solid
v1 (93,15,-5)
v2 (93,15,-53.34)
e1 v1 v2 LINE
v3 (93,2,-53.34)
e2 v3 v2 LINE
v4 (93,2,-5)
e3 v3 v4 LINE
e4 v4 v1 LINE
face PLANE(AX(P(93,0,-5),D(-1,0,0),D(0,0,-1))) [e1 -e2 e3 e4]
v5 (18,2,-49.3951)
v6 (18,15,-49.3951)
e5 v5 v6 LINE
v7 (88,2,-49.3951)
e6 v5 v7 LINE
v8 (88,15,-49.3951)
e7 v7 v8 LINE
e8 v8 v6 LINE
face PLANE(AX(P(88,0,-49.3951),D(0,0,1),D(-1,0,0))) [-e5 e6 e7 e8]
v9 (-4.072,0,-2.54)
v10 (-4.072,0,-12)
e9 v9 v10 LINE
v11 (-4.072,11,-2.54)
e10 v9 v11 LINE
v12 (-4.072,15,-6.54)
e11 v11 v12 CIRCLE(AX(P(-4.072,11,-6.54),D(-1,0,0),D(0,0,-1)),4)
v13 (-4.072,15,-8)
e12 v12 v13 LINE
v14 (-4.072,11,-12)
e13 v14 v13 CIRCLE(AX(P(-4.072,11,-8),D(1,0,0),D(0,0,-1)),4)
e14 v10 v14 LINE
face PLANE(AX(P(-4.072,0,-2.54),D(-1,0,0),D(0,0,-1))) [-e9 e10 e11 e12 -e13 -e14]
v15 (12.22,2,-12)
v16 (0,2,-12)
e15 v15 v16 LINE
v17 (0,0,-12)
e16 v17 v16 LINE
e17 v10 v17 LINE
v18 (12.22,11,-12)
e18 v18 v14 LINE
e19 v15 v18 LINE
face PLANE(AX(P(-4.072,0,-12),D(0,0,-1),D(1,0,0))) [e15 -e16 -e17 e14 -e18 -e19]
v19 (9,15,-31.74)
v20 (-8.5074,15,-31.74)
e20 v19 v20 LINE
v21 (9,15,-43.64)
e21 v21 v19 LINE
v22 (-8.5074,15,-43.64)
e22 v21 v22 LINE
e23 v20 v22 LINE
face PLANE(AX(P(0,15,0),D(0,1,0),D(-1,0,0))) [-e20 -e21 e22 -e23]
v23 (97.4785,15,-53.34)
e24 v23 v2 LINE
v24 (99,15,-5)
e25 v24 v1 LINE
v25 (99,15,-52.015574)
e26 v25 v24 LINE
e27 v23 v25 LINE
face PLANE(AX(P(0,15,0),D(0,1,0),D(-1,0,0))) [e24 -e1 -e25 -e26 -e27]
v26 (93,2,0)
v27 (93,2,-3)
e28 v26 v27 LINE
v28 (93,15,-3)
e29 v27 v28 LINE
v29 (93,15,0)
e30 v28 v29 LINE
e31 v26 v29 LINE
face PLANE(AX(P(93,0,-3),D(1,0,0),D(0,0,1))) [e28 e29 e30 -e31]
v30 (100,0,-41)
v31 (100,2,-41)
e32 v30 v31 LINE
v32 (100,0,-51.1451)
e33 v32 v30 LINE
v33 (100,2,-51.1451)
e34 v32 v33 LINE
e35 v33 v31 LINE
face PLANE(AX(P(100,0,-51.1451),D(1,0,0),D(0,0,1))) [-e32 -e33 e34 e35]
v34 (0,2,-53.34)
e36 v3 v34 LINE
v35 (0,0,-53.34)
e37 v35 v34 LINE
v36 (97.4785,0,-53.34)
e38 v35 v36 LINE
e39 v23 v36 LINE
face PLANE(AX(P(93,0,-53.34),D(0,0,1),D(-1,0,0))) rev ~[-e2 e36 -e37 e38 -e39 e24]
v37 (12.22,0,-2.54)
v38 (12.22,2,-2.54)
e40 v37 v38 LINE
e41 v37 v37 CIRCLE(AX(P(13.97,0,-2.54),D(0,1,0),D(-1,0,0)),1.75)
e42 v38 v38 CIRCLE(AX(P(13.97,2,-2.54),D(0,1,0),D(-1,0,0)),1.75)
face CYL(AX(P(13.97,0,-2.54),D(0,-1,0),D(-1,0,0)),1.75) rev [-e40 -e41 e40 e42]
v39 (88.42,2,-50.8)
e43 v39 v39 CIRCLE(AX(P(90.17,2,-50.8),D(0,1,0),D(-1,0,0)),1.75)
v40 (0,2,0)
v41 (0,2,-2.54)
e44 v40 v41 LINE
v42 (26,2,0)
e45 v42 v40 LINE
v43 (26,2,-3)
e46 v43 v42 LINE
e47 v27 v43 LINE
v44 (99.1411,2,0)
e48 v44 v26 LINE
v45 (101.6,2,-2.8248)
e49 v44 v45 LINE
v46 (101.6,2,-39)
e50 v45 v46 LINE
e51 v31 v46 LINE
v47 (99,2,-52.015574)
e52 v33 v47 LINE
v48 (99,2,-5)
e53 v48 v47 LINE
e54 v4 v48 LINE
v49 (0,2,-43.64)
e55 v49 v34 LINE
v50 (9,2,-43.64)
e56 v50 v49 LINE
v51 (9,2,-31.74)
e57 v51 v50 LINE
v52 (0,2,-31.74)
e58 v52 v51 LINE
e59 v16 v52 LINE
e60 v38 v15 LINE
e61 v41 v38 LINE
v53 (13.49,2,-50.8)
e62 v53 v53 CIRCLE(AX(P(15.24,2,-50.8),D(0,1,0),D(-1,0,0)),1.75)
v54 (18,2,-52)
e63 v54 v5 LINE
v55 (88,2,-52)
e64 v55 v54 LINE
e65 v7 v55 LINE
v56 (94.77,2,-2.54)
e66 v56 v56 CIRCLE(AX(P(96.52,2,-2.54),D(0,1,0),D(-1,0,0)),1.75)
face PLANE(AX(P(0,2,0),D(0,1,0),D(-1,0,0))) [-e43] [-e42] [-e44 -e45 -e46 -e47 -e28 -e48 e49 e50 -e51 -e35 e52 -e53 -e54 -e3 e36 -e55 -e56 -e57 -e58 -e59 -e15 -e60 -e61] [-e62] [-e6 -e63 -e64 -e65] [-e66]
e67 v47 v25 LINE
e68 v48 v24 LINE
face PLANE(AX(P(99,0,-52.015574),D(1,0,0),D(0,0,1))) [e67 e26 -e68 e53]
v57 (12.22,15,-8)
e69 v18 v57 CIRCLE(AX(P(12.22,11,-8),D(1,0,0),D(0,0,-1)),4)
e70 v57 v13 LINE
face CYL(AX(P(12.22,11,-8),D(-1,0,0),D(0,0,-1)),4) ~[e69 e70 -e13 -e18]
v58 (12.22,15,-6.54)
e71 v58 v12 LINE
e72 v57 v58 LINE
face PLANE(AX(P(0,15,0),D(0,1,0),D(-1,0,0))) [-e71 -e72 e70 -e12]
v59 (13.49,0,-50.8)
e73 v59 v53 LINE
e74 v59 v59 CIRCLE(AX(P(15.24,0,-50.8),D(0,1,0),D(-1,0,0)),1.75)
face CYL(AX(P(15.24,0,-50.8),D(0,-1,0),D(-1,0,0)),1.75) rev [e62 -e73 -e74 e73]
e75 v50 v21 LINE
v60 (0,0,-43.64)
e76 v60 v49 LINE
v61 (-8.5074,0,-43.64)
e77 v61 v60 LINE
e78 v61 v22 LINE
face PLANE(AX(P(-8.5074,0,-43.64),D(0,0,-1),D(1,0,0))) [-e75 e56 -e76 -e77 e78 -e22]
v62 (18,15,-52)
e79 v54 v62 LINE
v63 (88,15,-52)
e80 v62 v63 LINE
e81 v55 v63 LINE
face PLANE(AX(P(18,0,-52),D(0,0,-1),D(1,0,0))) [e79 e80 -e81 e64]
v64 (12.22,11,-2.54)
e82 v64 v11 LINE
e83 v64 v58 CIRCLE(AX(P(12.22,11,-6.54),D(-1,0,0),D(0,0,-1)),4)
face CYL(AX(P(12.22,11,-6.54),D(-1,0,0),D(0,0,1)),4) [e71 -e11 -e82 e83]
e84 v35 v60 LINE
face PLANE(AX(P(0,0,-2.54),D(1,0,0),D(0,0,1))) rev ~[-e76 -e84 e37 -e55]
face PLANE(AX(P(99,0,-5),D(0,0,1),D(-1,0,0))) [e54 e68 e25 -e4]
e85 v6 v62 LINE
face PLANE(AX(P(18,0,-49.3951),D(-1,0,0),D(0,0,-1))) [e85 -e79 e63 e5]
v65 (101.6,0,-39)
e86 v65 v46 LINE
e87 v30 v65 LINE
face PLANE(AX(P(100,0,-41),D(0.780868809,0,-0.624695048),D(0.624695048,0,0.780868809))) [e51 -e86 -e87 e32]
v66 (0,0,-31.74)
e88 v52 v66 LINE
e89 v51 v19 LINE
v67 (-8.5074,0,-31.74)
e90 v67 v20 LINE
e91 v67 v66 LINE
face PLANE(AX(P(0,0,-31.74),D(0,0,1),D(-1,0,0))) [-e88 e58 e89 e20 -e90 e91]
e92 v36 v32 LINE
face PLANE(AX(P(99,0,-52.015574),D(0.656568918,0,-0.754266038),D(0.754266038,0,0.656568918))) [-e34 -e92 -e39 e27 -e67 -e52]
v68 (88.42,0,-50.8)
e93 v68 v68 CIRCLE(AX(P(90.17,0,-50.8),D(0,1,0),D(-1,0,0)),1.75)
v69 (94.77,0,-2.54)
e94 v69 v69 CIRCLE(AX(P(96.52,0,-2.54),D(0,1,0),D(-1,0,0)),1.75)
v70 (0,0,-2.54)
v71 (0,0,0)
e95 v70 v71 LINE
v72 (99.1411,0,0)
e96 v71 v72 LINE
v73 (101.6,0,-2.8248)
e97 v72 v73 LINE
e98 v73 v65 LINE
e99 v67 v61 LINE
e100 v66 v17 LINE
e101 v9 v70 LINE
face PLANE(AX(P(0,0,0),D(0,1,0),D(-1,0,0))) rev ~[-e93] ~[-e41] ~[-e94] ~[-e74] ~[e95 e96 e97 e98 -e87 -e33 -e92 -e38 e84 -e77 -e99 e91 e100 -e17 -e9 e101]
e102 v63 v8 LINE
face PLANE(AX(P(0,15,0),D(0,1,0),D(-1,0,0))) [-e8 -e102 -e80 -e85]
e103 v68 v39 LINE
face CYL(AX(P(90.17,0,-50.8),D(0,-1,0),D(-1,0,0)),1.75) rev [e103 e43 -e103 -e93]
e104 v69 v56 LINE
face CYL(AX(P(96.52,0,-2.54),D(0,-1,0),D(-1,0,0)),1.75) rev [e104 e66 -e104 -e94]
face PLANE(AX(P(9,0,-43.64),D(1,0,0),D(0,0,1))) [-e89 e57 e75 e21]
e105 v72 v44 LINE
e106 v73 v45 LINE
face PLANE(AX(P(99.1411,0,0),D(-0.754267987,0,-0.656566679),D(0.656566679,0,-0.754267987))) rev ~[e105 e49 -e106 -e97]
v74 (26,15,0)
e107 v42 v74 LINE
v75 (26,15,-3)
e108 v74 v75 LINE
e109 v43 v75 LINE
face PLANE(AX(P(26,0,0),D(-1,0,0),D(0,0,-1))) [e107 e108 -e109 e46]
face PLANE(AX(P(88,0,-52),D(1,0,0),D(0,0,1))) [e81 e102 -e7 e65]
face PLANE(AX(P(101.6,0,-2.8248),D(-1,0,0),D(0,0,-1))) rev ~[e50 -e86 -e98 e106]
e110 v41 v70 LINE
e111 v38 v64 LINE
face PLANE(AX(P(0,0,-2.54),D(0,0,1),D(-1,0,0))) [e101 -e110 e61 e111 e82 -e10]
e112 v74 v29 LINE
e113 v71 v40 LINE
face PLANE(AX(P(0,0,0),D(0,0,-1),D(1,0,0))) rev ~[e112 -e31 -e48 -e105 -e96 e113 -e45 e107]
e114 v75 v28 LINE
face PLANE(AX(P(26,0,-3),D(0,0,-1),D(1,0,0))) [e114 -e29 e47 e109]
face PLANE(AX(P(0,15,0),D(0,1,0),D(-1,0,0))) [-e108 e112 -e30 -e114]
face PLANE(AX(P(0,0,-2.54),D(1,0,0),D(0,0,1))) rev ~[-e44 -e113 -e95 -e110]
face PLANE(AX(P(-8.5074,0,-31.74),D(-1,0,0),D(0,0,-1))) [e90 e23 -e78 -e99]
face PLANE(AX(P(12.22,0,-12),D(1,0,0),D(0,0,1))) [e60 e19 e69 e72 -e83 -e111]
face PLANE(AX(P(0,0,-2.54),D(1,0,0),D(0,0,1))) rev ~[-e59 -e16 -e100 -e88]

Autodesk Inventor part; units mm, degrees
ref_plane "YZ Plane" through (0, 0, 0) normal (1, 0, 0) x (0, 1, 0)
ref_plane "XZ Plane" through (0, 0, 0) normal (0, 1, 0) x (-1, 0, 0)
ref_plane "XY Plane" through (0, 0, 0) normal (0, 0, 1) x (1, 0, 0)
sketch "Sketch1" plane through (0, 0, 0) normal (0, 1, 0) x (-1, 0, 0)
  line L0 (8.5074, -53.6851) -> (-102.7512, -53.6851) construction
  line L1 (-102.7512, -53.6851) -> (-102.7512, 0.3149) construction
  line L2 (-102.7512, 0.3149) -> (8.5074, 0.3149) construction
  line L3 (8.5074, 0.3149) -> (8.5074, -53.6851) construction
  line L4 (0, 0) -> (-101.6, 0)
  line L5 (-101.6, 0) -> (-101.6, -53.34)
  line L6 (-101.6, -53.34) -> (0, -53.34)
  line L7 (0, -53.34) -> (0, 0)
  circle A0 centre (-15.24, -50.8) radius 1.75
  circle A1 centre (-13.97, -2.54) radius 1.75
  circle A2 centre (-90.17, -50.8) radius 1.75
  circle A3 centre (-96.52, -2.54) radius 1.75
  line L8 (8.5074, -43.64) -> (-9, -43.64)
  line L9 (-9, -43.64) -> (-9, -31.74)
  line L10 (-9, -31.74) -> (8.5074, -31.74)
  line L11 (8.5074, -31.74) -> (8.5074, -43.64)
  line L12 (4.072, -12) -> (-12.22, -12)
  line L13 (-12.22, -12) -> (-12.22, -2.54)
  line L14 (-12.22, -2.54) -> (4.072, -2.54)
  line L15 (4.072, -2.54) -> (4.072, -12)
  line L16 (-26, -3) -> (-93, -3)
  line L17 (-93, -3) -> (-93, 0)
  line L18 (-93, 0) -> (-26, 0)
  line L19 (-26, 0) -> (-26, -3)
  line L20 (-93, -53.34) -> (-99, -53.34)
  line L21 (-99, -53.34) -> (-99, -5)
  line L22 (-99, -5) -> (-93, -5)
  line L23 (-93, -5) -> (-93, -53.34)
  line L24 (-18, -52) -> (-88, -52)
  line L25 (-88, -52) -> (-88, -49.3951)
  line L26 (-88, -49.3951) -> (-18, -49.3951)
  line L27 (-18, -49.3951) -> (-18, -52)
  line L28 (-97.4785, -53.34) -> (-100, -51.1451)
  line L29 (-100, -51.1451) -> (-100, -41)
  line L30 (-100, -41) -> (-101.6, -39)
  line L31 (-99.1411, 0) -> (-101.6, -2.8248)
  point P0 (-99, -52.0156)
  point P1 (-26, 0)
  dimension "d37" = 3.5
  dimension "d3" = 101.6
  dimension "d6" = 53.34
  dimension "d27" = 54
  dimension "d32" = 3.5
  dimension "d35" = 15.24
  dimension "d38" = 2.54
  dimension "d40" = 13.97
  dimension "d41" = 3.5
  dimension "d42" = 3.5
  dimension "d43" = 90.17
  dimension "d45" = 2.54
  dimension "d46" = 2.54
  dimension "d48" = 96.52
  dimension "d69" = 8.5074
  dimension "d70" = 9.7
  dimension "d71" = 11.9
  dimension "d73" = 2.54
extrude "Extrusion1" add sketch "Sketch1" along normal blind 2 contours L7 L14 L13 L12 L10 L9 L8 L6 L23 L22 L21 L28 L29 L30 L5 L31 L4 L17 L16 L19 | L19 L16 L17 L4 | L7 L12 L13 L14 | L7 L8 L9 L10 | L6 L28 L21 L22 L23 | L24 L25 L26 L27
sketch "Sketch2" plane through (0, 2, 0) normal (0, 1, 0) x (1, 0, 0)
  line L0 (-8.4913, 53.8189) -> (102.7673, 53.8189) construction
  line L1 (102.7673, 53.8189) -> (102.7673, -0.1811) construction
  line L2 (102.7673, -0.1811) -> (-8.4913, -0.1811) construction
  line L3 (-8.4913, -0.1811) -> (-8.4913, 53.8189) construction
  point P0 (0, 0)
  dimension "d60" = 54
extrude "Extrusion2" add sketch "Sketch1" along normal blind 15 contours L19 L16 L17 L4 | L14 L15 L12 L7 | L7 L12 L13 L14 | L10 L11 L8 L7 | L7 L8 L9 L10 | L6 L28 L21 L22 L23 | L24 L25 L26 L27
fillet "Fillet1" radius 4 2 edges at (4.074, 15, -2.54) (4.074, 15, -12)
properties part number "arduinomega"
